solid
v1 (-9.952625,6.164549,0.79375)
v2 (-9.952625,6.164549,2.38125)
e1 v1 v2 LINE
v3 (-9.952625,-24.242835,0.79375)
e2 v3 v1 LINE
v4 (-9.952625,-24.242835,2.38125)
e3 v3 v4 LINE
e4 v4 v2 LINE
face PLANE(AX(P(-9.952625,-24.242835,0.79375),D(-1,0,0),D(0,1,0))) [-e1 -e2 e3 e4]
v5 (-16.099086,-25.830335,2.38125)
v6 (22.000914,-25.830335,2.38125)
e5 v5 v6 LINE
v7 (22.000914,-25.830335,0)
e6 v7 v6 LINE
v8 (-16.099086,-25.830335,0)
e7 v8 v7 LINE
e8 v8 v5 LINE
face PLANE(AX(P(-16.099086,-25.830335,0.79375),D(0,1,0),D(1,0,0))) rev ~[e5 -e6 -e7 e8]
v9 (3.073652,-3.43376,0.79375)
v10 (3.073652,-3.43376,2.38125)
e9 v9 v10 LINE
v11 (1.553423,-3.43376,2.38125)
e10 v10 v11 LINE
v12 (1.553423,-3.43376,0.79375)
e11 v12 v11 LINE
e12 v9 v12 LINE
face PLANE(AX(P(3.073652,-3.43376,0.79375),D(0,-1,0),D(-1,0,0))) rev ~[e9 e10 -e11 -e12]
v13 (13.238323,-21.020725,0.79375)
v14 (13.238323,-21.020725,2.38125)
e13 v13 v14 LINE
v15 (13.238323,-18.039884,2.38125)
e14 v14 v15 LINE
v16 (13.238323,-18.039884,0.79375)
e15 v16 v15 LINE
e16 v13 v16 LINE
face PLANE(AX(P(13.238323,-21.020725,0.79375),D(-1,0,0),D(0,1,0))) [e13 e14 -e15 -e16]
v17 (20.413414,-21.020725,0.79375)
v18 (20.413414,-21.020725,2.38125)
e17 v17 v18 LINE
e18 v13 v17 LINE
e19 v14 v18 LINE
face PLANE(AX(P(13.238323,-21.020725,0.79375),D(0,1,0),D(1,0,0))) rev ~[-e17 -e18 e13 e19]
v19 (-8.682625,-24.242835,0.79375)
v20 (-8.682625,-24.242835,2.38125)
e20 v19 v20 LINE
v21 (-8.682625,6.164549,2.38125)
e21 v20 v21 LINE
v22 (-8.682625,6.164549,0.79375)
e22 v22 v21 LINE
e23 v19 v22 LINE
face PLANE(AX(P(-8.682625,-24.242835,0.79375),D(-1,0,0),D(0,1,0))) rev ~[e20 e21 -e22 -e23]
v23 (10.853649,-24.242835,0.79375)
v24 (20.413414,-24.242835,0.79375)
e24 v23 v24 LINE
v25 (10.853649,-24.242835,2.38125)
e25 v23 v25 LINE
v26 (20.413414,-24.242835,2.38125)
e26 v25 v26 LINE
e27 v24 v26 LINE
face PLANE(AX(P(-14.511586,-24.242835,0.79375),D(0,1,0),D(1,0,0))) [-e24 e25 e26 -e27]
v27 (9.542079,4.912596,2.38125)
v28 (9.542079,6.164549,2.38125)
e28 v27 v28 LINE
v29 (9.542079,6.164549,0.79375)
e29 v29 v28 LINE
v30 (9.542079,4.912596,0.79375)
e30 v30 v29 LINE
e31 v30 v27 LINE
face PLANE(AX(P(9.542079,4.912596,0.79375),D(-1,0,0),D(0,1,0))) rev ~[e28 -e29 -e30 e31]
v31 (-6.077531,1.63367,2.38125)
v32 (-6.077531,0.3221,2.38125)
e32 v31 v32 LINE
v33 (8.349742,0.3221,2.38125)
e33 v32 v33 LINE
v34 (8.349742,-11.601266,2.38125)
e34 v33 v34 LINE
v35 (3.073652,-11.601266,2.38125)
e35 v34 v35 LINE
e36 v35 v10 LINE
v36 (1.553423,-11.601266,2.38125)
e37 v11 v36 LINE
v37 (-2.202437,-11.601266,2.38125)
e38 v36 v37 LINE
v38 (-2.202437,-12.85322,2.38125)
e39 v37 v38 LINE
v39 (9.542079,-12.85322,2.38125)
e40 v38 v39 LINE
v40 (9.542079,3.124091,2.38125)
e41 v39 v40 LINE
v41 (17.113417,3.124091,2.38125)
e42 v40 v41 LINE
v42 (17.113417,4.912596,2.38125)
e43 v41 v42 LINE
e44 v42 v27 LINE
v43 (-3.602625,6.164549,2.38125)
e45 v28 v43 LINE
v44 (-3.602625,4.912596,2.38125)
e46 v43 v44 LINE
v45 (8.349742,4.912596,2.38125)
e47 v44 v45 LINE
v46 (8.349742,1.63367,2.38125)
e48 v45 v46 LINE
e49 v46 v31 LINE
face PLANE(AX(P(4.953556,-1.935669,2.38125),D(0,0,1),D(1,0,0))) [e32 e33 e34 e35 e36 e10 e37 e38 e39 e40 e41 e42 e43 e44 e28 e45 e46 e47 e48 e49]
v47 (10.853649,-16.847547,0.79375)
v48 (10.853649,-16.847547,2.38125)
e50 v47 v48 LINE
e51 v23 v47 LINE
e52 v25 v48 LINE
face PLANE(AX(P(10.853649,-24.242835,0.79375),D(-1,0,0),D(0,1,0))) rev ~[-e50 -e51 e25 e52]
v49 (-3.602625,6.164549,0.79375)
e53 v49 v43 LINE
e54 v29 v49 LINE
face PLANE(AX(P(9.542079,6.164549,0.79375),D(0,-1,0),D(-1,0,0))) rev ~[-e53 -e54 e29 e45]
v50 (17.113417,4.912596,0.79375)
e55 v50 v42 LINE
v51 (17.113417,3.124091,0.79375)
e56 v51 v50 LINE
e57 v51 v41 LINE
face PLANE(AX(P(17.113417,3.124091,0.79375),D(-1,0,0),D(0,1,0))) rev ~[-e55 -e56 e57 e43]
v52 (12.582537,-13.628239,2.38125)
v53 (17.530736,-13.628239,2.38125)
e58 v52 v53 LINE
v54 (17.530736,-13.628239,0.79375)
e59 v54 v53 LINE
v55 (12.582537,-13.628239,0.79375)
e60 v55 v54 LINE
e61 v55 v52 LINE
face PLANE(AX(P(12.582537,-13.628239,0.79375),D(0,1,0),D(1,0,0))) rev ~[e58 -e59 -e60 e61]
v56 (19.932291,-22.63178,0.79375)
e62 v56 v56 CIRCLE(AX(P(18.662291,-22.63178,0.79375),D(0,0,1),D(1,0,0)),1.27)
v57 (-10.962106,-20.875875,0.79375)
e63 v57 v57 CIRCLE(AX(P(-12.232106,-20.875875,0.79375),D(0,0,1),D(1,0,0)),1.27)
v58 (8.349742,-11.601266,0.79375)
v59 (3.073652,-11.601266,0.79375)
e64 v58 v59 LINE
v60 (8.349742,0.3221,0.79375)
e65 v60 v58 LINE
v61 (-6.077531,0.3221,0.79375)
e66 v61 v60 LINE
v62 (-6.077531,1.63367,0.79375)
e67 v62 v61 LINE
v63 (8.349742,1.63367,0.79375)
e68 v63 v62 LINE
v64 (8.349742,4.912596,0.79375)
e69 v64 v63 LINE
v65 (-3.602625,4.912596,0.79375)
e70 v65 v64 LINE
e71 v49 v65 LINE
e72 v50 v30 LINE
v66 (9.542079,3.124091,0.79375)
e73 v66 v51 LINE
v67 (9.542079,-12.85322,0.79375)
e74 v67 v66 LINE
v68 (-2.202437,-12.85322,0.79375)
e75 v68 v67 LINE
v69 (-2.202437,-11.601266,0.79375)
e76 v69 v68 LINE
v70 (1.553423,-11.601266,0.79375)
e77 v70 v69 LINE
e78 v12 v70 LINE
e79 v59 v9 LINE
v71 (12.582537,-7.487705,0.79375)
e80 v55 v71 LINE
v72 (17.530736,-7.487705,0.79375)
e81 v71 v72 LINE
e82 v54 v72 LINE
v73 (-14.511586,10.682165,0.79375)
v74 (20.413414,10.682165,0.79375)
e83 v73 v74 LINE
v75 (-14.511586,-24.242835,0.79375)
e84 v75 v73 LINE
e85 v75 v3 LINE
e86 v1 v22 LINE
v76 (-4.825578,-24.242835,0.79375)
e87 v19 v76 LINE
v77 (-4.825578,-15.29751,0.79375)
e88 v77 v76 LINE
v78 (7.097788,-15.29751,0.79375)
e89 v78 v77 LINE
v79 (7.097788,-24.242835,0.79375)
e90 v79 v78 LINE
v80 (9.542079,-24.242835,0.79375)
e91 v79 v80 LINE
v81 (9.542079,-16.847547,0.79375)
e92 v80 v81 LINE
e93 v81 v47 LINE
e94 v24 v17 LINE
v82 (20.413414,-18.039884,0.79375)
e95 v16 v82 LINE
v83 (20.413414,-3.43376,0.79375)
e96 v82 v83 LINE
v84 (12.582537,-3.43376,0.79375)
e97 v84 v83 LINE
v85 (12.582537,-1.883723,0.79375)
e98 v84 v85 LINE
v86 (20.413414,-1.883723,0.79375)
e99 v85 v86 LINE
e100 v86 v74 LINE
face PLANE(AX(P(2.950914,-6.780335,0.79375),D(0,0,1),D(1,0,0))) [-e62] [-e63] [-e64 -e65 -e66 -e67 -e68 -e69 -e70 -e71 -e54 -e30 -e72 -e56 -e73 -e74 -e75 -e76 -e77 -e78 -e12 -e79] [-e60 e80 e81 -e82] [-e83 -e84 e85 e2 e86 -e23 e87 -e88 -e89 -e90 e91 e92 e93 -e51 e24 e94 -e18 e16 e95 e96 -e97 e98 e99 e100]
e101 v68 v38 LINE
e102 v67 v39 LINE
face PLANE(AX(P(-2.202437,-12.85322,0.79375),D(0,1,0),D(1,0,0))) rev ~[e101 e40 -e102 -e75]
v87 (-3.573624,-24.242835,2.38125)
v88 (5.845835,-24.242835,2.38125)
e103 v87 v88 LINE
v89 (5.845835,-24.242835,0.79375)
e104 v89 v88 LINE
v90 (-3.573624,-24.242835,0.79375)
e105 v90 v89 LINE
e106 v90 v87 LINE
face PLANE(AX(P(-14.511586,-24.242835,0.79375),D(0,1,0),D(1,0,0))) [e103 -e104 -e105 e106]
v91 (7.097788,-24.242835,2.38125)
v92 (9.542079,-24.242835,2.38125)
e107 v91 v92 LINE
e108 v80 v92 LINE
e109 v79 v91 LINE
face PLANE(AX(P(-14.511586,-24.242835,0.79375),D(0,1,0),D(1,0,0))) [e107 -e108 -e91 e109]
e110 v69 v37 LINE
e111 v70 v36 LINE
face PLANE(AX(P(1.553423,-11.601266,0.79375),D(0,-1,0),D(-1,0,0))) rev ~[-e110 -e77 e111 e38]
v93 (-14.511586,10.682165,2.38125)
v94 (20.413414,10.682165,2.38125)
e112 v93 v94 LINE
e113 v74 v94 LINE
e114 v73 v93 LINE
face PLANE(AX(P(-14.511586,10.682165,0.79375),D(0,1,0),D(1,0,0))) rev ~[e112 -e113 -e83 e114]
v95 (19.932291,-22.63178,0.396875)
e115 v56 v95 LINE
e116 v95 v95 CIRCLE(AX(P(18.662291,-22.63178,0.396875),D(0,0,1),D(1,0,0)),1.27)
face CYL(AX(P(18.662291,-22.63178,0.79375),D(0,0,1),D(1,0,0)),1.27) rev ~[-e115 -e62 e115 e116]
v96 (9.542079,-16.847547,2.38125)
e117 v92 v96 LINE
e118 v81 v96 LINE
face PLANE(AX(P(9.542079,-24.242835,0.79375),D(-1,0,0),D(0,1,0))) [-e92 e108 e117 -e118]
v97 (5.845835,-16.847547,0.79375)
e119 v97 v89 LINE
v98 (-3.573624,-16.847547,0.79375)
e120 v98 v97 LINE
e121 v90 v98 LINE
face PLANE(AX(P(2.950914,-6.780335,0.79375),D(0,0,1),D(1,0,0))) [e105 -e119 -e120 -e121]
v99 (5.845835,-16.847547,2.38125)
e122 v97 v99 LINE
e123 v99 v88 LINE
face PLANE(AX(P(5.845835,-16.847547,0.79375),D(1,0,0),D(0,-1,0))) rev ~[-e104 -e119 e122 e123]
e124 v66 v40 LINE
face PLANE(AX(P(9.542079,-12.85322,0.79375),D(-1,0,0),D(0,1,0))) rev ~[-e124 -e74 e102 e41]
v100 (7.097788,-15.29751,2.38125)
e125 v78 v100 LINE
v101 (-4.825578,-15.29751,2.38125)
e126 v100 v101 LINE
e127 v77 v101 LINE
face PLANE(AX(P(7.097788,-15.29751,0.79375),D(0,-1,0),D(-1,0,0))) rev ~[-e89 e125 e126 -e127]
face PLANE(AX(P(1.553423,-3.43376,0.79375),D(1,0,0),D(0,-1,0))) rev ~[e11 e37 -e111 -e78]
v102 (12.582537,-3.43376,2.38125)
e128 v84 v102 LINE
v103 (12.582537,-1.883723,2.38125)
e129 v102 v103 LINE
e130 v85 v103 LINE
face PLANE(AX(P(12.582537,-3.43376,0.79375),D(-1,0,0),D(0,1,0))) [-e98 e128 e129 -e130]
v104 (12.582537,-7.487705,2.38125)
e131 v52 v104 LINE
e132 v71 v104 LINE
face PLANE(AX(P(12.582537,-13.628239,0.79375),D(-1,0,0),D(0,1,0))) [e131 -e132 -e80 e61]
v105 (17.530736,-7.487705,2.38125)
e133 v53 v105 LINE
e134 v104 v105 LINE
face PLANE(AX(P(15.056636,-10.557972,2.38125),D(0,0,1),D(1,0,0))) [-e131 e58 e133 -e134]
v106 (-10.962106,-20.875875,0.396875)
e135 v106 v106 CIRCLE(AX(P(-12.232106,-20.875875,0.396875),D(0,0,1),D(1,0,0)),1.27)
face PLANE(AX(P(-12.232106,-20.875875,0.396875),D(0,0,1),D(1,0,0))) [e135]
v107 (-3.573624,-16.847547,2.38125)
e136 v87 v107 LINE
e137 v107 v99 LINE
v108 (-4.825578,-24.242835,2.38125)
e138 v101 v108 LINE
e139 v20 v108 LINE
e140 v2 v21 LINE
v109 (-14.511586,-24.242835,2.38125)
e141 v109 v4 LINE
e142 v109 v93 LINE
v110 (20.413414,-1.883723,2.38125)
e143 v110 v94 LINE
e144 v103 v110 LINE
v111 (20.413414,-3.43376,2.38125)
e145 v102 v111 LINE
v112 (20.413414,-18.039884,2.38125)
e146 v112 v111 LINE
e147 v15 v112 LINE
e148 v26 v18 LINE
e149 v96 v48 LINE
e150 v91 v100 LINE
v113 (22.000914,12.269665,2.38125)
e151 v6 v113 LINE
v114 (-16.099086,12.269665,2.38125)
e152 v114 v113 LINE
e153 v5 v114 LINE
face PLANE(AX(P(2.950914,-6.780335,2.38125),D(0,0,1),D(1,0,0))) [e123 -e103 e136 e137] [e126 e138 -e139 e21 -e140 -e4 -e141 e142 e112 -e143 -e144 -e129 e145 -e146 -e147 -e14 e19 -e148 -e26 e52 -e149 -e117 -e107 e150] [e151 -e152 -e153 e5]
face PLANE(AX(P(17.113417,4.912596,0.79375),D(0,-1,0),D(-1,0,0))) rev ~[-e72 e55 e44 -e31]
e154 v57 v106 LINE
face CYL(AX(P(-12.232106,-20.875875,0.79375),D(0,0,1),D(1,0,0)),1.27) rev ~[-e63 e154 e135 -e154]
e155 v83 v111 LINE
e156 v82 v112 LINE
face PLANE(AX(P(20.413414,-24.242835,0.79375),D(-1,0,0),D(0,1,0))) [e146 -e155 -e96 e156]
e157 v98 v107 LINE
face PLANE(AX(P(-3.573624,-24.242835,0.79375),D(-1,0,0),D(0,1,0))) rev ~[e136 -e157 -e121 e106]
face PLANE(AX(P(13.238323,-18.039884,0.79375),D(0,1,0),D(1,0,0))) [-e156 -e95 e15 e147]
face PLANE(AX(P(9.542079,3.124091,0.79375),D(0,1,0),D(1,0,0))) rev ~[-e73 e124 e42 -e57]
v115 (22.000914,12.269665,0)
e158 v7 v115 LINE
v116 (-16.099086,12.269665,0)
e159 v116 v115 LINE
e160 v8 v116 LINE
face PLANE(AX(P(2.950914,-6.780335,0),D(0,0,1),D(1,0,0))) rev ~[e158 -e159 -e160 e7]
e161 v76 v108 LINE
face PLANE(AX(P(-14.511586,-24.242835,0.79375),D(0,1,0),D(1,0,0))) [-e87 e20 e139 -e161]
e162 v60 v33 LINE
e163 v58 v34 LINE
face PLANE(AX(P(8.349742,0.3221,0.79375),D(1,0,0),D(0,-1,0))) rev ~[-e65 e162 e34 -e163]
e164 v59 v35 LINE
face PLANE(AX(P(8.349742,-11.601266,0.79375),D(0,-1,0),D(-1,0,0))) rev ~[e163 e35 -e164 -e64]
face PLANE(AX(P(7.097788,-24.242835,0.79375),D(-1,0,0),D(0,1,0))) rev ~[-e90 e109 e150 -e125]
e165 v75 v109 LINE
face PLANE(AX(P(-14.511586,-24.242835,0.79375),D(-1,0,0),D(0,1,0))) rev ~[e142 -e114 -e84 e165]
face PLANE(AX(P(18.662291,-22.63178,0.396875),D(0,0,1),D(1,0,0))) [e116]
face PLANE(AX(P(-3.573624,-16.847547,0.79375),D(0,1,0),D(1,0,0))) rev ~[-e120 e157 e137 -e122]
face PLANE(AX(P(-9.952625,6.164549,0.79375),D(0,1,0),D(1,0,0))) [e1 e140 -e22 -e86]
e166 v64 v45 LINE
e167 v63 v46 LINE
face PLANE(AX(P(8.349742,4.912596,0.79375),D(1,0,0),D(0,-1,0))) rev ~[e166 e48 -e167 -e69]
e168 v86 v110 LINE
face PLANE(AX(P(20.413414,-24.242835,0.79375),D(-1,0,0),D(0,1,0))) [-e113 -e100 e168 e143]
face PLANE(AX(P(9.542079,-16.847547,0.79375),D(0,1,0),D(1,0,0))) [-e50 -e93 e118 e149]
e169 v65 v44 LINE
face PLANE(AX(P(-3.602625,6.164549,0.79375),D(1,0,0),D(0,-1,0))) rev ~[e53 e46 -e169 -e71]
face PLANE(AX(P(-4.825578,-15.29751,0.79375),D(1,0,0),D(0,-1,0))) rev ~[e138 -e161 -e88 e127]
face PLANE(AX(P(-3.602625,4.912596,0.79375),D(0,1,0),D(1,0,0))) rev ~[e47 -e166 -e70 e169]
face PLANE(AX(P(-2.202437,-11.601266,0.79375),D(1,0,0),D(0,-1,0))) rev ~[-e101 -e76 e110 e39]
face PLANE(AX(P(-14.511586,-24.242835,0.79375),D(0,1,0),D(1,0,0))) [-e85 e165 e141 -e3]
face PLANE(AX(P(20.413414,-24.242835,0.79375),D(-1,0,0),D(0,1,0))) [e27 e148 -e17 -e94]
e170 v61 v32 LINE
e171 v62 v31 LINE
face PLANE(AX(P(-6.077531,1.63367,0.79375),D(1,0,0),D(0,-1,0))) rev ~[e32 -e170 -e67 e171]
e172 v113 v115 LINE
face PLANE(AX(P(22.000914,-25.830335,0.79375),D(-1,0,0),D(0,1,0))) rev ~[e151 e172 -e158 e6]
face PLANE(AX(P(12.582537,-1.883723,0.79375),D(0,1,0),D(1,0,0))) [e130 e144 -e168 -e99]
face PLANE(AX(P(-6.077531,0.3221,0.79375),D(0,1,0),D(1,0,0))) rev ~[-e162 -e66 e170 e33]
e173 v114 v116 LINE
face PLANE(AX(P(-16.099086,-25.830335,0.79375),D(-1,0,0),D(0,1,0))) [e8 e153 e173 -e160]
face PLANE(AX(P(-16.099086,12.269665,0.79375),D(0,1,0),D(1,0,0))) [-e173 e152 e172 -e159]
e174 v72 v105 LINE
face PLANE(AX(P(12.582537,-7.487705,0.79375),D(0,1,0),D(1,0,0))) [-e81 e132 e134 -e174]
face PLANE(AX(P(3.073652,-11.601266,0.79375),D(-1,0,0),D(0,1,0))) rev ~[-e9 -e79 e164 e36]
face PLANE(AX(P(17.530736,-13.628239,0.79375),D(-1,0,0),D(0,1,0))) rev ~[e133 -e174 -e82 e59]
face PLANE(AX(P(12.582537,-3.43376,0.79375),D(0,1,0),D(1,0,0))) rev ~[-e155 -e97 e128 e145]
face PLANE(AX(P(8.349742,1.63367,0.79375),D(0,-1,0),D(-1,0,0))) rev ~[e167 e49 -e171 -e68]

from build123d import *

# Parameters (mm, degrees)
F0_W     = 38.1
F0_H     = 38.1
F1_DEPTH = 0.79375
F2_W     = 38.1
F2_H     = 38.1
F2_W_2   = 34.925
F2_H_2   = 34.925
F3_DEPTH = 1.5875
F4_W     = 1.27
F4_H     = 30.4073842667
F4_W_2   = 7.8308774173
F4_H_2   = 1.5500376467
F4_W_3   = 4.9481987953
F4_H_3   = 6.1405338347
F4_W_4   = 7.175091283
F4_H_4   = 2.9808413237
F4_W_5   = 1.311570406
F4_H_5   = 7.3952877388
F5_DEPTH = 1.5875
F6_R     = 1.27
F7_DEPTH = 0.396875


with BuildPart() as f1:
    # F0 (on Top) → F1 (new body)
    with BuildSketch(Plane.XY):
        with Locations((2.9509142041, -6.7803348825)):
            Rectangle(F0_W, F0_H)
    extrude(amount=F1_DEPTH)

    # F2 (on face) → F3 (join)
    with BuildSketch(Plane.XY.offset(0.79375)):
        with Locations((2.9509142041, -6.7803348825)):
            Rectangle(F2_W, F2_H)
        with Locations((2.9509142041, -6.7803348825)):
            Rectangle(F2_W_2, F2_H_2, mode=Mode.SUBTRACT)
    extrude(amount=F3_DEPTH)

    # F4 (on face) → F5 (join)
    with BuildSketch(Plane.XY.offset(0.79375)):
        with Locations((-9.3176252598, -9.0391427491)):
            Rectangle(F4_W, F4_H)
        Polygon((9.5420787111, 6.1645493843), (-3.6026252598, 6.1645493843), (-3.6026252598, 4.9125957303), (8.3497418091, 4.9125957303), (8.3497418091, 1.6336699482), (-6.0775312595, 1.6336699482), (-6.0775312595, 0.3220996878), (8.3497418091, 0.3220996878), (8.3497418091, -11.6012664512), (3.0736522749, -11.6012664512), (3.0736522749, -3.4337604884), (1.5534231206, -3.4337604884), (1.5534231206, -11.6012664512), (-2.2024372593, -11.6012664512), (-2.2024372593, -12.8532201052), (8.3497418091, -12.8532201052), (9.5420787111, -12.8532201052), (9.5420787111, 3.1240906101), (17.113417387, 3.1240906101), (17.113417387, 4.9125957303), (9.5420787111, 4.9125957303), align=None)
        with Locations((16.4979754955, -2.6587416651)):
            Rectangle(F4_W_2, F4_H_2)
        with Locations((15.0566361845, -10.5579718947)):
            Rectangle(F4_W_3, F4_H_3)
        with Locations((16.8258685626, -19.5303047076)):
            Rectangle(F4_W_4, F4_H_4)
        with Locations((10.1978639141, -20.5451910131)):
            Rectangle(F4_W_5, F4_H_5)
        Polygon((-4.8255776055, -15.2975097299), (-4.8255776055, -24.2428348825), (-3.5736244172, -24.2428348825), (-3.5736244172, -16.8475471437), (5.8458349667, -16.8475471437), (5.8458349667, -24.2428348825), (7.0977881551, -24.2428348825), (7.0977881551, -15.2975097299), align=None)
    extrude(amount=F5_DEPTH)

    # F6 (on face) → F7 (cut)
    with BuildSketch(Plane.XY.offset(0.79375)):
        with Locations((-12.2321055278, -20.8758749068)):
            Circle(F6_R)
        with Locations((18.6622906476, -22.631780126)):
            Circle(F6_R)
    extrude(amount=-F7_DEPTH, mode=Mode.SUBTRACT)


solid = f1.part
